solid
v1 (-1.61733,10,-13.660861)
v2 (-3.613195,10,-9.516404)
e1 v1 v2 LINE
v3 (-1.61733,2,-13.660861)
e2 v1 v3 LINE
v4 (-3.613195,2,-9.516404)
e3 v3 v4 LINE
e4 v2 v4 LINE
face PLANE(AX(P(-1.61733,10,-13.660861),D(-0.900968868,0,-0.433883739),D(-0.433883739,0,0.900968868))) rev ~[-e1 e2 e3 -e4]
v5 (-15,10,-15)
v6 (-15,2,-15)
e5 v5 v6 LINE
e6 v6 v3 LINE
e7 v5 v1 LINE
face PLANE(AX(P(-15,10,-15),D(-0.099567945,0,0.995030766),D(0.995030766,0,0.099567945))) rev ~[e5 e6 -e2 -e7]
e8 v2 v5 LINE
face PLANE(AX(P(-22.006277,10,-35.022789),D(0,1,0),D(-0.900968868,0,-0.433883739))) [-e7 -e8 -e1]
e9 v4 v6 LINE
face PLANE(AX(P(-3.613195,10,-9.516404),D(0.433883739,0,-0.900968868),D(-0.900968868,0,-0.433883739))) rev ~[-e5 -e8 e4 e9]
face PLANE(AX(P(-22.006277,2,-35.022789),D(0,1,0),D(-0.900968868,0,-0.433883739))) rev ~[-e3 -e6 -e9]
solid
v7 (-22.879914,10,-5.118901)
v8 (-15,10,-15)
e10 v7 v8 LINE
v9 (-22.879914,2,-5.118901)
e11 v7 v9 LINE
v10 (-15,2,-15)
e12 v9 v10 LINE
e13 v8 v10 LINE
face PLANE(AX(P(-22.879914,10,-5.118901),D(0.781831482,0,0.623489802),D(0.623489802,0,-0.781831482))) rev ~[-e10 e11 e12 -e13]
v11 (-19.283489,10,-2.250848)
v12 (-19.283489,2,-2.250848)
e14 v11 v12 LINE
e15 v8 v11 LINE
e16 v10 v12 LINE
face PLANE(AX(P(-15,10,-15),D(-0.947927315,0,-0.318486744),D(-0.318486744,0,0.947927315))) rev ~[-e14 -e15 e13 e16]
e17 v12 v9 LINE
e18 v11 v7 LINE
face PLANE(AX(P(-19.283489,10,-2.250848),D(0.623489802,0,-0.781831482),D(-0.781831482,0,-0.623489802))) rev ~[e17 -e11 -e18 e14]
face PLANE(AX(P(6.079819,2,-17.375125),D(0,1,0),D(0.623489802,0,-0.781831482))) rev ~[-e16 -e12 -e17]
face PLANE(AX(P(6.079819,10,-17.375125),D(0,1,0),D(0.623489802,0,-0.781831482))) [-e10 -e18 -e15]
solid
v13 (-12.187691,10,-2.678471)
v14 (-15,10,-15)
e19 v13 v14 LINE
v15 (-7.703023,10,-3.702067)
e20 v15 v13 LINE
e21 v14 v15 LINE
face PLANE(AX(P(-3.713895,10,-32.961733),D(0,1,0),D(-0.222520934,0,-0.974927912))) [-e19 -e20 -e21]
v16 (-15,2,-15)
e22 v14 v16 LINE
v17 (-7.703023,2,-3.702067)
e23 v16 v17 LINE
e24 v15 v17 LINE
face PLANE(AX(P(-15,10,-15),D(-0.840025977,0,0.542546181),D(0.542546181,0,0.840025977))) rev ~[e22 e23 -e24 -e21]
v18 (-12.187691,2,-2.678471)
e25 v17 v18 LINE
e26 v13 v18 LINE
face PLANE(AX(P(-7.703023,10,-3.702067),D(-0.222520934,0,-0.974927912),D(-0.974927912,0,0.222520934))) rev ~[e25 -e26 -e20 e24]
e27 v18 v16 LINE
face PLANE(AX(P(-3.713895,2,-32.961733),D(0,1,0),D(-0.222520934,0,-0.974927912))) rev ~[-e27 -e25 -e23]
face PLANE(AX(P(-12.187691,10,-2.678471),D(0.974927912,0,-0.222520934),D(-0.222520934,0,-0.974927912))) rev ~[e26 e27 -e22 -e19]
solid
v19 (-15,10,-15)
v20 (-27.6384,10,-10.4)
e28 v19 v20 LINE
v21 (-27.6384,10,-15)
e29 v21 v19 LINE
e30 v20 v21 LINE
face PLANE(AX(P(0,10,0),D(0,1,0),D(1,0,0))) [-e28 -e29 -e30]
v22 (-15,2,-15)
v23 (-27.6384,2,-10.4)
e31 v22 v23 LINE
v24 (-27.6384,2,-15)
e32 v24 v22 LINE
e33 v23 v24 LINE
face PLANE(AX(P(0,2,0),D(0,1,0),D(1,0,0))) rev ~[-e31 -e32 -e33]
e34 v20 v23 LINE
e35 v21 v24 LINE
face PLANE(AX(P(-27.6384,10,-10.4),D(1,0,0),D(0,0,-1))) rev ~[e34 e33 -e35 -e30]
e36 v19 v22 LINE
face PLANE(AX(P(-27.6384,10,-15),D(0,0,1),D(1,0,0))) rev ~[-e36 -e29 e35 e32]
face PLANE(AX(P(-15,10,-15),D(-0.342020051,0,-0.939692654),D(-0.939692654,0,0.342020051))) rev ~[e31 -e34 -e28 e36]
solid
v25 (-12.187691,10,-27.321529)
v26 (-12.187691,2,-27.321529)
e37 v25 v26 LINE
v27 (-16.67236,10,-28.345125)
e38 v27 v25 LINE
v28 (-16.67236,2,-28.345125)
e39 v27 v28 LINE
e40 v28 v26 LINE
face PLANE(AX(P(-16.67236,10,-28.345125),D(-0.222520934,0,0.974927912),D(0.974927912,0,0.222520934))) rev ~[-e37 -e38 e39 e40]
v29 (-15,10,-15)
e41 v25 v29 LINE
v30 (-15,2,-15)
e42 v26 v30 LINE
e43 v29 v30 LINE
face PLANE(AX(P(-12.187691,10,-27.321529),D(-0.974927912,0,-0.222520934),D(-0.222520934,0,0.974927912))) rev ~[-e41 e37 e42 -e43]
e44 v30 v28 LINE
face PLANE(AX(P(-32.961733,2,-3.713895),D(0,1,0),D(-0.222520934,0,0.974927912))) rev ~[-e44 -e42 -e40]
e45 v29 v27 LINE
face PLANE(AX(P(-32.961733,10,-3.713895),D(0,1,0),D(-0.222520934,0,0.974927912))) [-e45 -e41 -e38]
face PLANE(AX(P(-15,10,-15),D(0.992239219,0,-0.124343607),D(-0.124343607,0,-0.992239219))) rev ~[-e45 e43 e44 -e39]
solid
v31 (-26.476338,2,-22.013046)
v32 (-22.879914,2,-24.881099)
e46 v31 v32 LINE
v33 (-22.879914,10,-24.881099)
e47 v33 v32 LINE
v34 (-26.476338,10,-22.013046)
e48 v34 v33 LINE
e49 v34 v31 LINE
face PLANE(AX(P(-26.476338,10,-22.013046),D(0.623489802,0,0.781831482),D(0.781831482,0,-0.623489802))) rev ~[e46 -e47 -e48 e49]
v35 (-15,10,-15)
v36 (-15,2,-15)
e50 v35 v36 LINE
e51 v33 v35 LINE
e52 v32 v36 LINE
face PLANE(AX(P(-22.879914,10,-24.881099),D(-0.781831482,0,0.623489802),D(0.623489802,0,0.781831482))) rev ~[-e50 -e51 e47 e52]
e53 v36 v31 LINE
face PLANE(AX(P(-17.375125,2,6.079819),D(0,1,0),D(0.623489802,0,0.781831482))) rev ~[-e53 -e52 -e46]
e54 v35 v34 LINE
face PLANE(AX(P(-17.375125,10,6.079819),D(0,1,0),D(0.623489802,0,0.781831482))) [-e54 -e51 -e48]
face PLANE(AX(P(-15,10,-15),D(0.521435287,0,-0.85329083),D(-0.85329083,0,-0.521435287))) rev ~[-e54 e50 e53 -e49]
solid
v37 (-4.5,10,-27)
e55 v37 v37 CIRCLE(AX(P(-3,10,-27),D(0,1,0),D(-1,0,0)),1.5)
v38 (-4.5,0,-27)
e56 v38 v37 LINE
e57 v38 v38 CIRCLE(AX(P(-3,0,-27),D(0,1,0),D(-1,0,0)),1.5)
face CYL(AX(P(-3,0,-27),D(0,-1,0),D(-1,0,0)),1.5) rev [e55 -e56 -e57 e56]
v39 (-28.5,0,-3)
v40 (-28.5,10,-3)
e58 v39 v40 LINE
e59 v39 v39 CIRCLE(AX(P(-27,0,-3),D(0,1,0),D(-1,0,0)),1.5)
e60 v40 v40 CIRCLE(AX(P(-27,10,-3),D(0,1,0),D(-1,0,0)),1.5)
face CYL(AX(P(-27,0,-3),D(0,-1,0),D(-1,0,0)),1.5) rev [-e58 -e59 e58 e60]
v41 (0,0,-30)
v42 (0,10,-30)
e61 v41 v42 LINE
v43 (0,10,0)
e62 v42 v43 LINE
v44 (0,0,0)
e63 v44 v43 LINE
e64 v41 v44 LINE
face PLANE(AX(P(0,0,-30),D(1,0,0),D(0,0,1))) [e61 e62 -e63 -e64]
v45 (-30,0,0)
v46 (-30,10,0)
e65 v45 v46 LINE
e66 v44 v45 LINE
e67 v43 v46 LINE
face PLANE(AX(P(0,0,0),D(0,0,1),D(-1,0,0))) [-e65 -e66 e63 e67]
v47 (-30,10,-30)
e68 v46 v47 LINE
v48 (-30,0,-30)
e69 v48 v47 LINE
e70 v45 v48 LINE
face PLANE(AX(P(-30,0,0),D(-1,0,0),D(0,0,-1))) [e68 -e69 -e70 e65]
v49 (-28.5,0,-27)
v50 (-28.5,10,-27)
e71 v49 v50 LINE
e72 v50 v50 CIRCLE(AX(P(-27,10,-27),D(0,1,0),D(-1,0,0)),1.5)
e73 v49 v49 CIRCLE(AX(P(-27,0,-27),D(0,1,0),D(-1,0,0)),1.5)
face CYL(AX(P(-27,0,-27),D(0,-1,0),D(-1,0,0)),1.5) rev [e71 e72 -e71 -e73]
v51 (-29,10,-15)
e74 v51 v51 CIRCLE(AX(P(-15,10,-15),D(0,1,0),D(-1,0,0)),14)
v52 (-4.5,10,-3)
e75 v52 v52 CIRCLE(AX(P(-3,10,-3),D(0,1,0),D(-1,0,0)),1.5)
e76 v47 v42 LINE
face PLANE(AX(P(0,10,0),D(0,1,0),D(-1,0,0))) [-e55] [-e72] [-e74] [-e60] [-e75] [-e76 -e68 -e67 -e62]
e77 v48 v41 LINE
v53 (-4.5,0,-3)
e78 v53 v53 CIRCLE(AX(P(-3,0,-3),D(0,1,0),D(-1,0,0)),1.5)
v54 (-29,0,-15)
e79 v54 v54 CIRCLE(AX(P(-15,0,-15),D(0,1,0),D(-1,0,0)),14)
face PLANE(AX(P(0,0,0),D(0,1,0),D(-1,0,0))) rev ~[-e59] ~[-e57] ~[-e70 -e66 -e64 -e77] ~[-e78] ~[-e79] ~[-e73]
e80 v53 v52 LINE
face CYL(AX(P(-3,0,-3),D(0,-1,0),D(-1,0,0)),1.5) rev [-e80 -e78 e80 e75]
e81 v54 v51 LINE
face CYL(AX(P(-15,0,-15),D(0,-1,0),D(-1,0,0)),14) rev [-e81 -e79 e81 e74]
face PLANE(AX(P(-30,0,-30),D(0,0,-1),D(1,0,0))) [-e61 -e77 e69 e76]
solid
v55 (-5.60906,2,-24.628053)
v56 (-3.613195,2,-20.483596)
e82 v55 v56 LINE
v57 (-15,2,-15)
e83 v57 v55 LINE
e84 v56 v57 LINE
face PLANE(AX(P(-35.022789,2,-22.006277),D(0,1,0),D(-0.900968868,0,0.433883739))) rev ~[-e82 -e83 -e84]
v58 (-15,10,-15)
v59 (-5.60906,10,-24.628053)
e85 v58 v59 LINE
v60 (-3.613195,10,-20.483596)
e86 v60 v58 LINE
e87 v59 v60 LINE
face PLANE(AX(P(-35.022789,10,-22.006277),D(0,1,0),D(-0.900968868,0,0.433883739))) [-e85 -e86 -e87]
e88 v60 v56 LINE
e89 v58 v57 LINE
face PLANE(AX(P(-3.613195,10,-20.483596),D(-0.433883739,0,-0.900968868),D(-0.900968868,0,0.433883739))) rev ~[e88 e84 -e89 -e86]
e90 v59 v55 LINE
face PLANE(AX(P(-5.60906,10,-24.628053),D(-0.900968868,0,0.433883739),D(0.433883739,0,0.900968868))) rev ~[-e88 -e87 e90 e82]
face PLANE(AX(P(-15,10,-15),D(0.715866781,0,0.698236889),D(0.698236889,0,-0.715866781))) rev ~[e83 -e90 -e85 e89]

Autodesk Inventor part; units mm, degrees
ref_plane "YZ Plane" through (0, 0, 0) normal (1, 0, 0) x (0, 1, 0)
ref_plane "XZ Plane" through (0, 0, 0) normal (0, 1, 0) x (-1, 0, 0)
ref_plane "XY Plane" through (0, 0, 0) normal (0, 0, 1) x (1, 0, 0)
sketch "Sketch1" plane through (0, 0, 0) normal (0, 1, 0) x (-1, 0, 0)
  line L0 (0, 0) -> (30, 0)
  line L1 (30, 0) -> (30, -30)
  line L2 (30, -30) -> (0, -30)
  line L3 (0, -30) -> (0, 0)
  circle A0 centre (3, -3) radius 1.5
  circle A1 centre (3, -27) radius 1.5
  circle A2 centre (27, -3) radius 1.5
  circle A3 centre (27, -27) radius 1.5
  circle A4 centre (15, -15) radius 14
  dimension "d0" = 30
  dimension "d1" = 30
  dimension "d2" = 3
  dimension "d3" = 24
  dimension "d4" = 24
  dimension "d5" = 3
  dimension "d6" = 3
  dimension "d7" = 28
  dimension "d8" = 15
  dimension "d9" = 15
extrude "Extrusion1" add sketch "Sketch1" along normal blind 10
sketch "Sketch2" plane through (0, 10, 0) normal (0, 1, 0) x (1, 0, 0)
  circle A0 centre (-15, 15) radius 14 projected
  line L0 (-15, 15) -> (-27.6384, 10.4)
  line L1 (-27.6384, 10.4) -> (-27.6384, 15)
  line L2 (-27.6384, 15) -> (-15, 15)
  dimension "d12" = 70
  dimension "d13" = 4.6
extrude "Extrusion2" add sketch "Sketch2" against normal blind 8 contours L0 L1 L2
pattern_circular "Circular Pattern1" count 7 over 360 about axis through (-15, 10, -15) along (0, -1, 0) of "Extrusion2"
properties part number "Fan30mm" material "ABS Plastic"
